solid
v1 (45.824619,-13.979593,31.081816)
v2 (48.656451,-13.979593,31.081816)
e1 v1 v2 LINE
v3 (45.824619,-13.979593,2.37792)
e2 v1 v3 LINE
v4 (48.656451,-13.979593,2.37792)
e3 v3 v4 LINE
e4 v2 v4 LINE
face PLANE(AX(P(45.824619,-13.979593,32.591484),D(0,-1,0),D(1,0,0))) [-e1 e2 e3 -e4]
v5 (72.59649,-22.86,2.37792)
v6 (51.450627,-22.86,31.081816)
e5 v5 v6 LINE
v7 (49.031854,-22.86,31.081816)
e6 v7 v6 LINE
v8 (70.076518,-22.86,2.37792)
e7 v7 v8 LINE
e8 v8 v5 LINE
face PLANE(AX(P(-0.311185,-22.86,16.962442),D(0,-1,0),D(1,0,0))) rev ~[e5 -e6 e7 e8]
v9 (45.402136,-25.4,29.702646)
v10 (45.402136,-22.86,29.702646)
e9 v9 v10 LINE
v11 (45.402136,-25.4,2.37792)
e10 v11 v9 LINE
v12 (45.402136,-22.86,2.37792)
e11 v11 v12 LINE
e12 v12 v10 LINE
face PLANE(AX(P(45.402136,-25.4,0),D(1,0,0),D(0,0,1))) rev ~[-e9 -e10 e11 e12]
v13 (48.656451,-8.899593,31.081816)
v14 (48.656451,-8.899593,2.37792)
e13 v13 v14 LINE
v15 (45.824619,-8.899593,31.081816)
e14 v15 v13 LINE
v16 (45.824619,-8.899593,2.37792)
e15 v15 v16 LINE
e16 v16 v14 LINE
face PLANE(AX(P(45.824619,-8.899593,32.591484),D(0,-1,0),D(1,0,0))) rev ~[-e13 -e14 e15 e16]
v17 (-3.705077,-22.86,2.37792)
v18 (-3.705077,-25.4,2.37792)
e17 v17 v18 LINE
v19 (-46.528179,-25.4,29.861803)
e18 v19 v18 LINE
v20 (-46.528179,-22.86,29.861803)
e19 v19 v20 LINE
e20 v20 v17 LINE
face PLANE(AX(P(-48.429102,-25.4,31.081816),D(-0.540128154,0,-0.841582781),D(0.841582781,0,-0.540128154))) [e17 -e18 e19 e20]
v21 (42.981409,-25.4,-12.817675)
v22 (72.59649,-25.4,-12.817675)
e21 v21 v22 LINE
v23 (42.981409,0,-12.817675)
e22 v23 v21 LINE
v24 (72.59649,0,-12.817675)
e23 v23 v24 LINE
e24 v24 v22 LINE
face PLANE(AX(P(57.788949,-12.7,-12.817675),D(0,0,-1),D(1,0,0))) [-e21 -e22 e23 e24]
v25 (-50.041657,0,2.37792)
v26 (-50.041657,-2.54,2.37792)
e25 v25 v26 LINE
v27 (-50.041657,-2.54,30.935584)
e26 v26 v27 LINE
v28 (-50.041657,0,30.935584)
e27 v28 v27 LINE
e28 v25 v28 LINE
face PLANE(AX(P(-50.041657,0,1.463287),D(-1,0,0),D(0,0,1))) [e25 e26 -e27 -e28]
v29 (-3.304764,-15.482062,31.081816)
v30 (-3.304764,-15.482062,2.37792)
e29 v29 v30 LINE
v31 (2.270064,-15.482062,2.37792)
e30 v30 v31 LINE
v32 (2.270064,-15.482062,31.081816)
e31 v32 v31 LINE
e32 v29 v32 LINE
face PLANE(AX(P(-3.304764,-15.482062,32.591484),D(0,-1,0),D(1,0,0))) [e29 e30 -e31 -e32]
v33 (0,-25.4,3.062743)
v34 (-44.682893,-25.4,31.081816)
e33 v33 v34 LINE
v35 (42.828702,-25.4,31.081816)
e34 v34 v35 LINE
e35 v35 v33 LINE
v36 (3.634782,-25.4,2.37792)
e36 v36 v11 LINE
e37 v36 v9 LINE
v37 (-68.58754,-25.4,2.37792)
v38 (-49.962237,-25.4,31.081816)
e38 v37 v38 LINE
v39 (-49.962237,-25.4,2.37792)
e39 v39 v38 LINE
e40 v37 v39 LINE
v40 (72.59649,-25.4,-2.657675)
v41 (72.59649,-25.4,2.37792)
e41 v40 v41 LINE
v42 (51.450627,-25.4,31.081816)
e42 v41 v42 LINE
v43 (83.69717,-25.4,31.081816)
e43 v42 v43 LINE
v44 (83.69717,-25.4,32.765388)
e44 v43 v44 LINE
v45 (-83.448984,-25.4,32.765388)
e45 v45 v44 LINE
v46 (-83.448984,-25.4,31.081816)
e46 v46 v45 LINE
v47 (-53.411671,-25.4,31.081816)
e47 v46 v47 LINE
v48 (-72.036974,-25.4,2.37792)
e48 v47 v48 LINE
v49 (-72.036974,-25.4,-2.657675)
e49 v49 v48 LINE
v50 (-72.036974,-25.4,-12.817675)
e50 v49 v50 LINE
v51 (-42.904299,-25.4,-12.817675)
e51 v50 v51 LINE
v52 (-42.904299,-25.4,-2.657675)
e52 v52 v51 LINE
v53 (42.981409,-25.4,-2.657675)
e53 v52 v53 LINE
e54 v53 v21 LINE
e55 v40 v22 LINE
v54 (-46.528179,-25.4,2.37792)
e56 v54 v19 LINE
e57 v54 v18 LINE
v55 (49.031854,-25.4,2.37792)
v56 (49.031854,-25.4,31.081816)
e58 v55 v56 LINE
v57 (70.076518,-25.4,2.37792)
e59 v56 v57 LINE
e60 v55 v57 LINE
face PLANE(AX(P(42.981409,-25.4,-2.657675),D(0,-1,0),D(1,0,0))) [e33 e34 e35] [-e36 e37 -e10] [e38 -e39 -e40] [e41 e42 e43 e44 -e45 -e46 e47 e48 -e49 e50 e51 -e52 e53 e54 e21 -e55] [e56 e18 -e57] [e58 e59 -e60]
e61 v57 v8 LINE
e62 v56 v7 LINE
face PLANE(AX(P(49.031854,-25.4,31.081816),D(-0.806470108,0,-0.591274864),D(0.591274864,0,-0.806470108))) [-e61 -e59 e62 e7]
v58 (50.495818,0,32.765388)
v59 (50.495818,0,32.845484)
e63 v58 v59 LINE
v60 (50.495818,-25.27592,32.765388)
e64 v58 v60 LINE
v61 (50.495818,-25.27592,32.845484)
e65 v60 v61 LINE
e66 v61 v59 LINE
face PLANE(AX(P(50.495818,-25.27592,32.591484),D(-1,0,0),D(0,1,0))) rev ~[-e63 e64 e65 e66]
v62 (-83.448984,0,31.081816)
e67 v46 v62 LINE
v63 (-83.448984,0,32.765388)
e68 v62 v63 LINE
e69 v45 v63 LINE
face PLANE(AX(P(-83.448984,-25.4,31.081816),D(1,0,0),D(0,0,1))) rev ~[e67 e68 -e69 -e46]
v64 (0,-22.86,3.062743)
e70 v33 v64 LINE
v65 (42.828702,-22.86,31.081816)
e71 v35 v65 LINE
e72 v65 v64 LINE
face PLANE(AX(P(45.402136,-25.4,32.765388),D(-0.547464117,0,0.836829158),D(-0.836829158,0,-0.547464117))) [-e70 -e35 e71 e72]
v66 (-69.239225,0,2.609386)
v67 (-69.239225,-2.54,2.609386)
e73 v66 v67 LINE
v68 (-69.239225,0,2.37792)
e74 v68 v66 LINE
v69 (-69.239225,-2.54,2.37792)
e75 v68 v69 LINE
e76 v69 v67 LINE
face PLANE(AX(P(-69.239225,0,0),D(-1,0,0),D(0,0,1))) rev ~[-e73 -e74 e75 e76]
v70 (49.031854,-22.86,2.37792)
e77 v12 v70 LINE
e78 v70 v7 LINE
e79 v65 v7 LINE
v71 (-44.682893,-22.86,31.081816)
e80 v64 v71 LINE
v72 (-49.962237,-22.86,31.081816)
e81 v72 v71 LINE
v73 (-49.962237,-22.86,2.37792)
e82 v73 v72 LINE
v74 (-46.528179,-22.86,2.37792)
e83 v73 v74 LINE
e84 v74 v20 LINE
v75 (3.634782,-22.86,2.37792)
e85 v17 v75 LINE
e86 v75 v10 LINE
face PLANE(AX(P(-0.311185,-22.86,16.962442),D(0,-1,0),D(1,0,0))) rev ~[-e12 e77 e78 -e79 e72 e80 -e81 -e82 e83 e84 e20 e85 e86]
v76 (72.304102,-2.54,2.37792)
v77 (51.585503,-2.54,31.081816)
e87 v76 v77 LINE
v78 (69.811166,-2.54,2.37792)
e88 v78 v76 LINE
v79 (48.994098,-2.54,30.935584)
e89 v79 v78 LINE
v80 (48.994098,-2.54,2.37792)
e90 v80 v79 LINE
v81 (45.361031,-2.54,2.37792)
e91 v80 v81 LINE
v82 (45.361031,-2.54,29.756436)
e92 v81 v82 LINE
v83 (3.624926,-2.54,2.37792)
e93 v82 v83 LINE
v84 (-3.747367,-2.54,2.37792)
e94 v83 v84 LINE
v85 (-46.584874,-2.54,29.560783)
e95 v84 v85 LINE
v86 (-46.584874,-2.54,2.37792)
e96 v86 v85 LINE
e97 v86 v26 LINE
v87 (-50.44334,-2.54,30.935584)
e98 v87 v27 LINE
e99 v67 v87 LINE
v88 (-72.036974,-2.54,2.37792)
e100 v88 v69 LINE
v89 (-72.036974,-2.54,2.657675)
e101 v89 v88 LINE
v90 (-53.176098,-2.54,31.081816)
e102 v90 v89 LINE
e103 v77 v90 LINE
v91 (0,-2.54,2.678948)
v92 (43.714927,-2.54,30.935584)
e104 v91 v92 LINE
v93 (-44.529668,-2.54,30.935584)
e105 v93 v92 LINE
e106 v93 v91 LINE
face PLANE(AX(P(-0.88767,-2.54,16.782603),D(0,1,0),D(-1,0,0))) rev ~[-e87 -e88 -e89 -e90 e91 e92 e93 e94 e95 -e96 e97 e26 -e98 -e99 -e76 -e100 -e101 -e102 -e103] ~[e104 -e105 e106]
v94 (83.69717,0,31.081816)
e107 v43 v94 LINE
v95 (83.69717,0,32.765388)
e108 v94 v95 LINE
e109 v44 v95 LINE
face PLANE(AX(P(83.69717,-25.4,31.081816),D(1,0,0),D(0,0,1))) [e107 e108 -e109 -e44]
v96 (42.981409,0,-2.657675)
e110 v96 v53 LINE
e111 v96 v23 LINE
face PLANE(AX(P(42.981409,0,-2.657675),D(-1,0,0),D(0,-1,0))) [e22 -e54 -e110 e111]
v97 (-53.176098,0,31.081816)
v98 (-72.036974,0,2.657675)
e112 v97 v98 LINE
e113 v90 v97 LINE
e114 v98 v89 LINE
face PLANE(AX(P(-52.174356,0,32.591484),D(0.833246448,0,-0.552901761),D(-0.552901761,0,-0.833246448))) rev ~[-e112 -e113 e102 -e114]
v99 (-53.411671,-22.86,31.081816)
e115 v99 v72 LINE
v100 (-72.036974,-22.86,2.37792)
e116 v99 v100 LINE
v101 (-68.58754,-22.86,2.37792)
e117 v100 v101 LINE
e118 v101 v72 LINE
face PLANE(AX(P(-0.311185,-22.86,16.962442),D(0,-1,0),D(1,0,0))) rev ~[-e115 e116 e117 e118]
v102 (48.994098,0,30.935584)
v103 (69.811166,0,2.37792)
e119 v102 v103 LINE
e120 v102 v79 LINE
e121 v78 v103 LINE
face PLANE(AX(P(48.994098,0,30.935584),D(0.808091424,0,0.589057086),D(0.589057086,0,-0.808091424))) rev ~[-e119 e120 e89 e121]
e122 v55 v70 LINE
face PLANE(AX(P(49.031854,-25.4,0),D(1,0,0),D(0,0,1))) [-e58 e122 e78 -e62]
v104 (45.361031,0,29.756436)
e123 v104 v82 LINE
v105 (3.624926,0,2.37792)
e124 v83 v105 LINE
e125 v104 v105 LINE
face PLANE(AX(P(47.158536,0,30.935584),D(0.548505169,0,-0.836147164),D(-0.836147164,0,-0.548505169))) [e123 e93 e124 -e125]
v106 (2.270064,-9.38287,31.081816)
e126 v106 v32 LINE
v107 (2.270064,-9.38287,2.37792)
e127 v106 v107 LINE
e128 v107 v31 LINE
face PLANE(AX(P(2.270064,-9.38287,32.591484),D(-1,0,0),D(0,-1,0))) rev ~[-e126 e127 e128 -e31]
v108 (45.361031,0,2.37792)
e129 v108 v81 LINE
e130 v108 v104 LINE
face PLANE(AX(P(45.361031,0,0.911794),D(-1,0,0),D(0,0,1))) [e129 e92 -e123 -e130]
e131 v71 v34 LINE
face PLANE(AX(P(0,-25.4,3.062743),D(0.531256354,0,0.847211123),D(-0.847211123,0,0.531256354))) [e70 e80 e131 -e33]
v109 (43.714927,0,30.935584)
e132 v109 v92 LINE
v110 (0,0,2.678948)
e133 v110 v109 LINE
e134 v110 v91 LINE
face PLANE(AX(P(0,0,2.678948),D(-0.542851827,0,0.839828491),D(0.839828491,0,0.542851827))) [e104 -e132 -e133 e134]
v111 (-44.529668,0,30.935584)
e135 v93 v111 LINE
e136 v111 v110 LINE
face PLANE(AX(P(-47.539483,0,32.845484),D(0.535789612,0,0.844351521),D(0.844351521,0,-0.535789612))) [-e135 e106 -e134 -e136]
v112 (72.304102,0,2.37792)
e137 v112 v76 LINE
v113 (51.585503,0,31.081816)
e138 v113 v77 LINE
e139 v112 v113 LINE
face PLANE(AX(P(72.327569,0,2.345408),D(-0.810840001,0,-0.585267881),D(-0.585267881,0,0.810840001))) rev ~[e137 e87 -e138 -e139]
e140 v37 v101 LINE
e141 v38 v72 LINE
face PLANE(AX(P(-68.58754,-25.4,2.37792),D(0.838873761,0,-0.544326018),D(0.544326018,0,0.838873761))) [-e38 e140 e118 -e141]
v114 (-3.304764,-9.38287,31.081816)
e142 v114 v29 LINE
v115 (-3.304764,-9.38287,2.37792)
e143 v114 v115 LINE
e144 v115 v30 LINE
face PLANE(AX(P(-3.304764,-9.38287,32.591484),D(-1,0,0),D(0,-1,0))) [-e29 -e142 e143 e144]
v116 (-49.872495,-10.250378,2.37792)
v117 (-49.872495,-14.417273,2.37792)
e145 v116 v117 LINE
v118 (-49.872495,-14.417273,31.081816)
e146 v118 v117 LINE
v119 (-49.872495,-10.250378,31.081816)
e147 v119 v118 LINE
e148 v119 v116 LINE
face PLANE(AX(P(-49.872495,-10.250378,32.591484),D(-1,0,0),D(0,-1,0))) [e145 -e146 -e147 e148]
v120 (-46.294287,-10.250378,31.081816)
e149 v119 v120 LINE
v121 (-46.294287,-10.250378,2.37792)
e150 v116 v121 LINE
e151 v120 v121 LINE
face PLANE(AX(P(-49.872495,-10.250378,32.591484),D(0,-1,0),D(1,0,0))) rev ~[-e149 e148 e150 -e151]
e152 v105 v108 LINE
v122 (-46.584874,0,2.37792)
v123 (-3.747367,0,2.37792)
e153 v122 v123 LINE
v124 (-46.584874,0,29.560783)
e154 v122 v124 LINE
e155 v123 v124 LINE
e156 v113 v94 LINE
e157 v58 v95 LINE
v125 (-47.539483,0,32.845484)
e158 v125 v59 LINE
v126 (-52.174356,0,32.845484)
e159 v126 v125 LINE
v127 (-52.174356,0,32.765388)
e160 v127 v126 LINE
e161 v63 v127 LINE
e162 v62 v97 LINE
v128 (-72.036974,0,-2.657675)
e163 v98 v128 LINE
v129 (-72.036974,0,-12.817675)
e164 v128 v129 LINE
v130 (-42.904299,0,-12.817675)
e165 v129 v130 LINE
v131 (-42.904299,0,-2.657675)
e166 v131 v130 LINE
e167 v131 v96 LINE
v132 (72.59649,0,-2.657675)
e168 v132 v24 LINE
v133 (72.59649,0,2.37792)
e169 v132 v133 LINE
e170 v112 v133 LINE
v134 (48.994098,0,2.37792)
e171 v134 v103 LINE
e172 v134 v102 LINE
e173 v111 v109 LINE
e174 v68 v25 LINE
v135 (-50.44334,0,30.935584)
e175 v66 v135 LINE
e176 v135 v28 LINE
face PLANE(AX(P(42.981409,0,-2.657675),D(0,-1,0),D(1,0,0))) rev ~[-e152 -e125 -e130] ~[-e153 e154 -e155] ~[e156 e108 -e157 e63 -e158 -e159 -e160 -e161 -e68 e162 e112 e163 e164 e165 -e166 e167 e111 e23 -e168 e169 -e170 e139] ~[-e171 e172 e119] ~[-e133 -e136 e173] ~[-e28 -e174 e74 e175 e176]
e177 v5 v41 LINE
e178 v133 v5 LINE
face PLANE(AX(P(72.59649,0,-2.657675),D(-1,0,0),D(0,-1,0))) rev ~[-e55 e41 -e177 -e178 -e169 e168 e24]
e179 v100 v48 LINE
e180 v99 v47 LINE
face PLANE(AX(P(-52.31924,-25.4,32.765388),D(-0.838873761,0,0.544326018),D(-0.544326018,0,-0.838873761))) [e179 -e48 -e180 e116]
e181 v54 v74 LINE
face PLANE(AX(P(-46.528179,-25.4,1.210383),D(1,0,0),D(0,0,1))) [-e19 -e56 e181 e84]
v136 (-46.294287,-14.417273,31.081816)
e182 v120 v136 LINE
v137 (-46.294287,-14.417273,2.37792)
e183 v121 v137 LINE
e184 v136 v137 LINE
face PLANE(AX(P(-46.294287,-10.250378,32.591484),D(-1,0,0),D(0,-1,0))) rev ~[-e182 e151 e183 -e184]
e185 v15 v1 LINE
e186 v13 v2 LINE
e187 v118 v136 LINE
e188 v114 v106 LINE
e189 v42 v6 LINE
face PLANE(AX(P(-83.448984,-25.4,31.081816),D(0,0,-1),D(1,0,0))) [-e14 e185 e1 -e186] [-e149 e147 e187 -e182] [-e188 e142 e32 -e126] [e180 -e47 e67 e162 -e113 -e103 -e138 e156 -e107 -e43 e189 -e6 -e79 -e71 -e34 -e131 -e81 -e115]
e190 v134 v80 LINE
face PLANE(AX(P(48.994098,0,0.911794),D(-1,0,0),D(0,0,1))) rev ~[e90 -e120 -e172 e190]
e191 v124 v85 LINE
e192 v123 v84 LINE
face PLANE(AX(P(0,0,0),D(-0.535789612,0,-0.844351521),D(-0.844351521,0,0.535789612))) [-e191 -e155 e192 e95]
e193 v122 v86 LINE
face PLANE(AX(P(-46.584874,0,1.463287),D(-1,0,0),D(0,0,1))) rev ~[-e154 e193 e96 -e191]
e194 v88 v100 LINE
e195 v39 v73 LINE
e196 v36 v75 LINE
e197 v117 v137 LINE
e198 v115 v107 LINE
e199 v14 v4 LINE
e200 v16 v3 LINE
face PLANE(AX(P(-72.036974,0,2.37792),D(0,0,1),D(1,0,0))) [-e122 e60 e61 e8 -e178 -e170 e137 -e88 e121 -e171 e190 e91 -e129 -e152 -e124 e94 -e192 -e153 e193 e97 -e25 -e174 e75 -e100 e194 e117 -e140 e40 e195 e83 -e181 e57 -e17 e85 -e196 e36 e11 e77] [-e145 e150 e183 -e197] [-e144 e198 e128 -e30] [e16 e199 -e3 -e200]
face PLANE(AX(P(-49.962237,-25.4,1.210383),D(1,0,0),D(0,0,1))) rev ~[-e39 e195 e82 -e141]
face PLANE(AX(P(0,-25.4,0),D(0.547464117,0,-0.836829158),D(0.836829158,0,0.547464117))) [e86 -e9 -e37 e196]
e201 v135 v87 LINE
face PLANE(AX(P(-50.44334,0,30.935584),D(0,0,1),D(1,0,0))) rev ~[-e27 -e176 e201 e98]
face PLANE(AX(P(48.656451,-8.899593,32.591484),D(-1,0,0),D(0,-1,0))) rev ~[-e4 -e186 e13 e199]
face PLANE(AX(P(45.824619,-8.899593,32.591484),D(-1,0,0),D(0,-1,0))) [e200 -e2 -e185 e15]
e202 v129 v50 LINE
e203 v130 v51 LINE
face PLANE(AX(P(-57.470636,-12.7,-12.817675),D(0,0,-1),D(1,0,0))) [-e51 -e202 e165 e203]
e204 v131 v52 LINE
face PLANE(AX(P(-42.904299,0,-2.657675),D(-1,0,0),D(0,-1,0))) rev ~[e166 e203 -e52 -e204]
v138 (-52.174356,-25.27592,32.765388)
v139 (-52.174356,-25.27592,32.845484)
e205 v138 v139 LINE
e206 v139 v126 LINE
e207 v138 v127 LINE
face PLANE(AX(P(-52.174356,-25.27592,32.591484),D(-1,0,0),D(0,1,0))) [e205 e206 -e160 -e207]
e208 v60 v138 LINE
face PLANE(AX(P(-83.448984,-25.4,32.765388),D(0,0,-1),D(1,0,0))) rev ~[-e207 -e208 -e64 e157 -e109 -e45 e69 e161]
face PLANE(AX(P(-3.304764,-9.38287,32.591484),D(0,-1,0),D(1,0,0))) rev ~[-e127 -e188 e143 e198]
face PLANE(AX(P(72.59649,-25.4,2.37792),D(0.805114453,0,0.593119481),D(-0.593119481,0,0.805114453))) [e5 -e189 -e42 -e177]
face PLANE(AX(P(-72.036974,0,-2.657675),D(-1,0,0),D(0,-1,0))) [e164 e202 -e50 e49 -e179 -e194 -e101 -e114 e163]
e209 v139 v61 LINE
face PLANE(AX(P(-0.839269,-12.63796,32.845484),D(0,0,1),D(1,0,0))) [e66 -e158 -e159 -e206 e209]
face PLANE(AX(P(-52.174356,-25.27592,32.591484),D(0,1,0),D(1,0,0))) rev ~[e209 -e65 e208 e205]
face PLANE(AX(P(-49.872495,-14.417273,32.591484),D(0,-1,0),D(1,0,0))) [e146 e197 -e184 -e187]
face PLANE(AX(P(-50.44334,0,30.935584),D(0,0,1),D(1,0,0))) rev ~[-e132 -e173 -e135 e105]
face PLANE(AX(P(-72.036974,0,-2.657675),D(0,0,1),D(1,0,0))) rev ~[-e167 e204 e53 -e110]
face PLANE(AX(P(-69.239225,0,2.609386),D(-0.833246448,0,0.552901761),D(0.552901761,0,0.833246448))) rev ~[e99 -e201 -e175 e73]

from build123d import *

# Parameters (mm, degrees)
F0_W      = 144.6334645152
F0_H      = 5.0355943386
F1_DEPTH  = 25.4
F3_DEPTH  = 2.54
F5_DEPTH  = 2.54
F6_W      = 102.6701740921
F6_H      = 25.2759195864
F7_DEPTH  = 0.254
F8_W      = 3.4340582788
F8_H      = 30.7748552877
F9_DEPTH  = 2.54
F10_W     = 3.6297179759
F10_H     = 32.1495756507
F11_DEPTH = 2.54
F12_W     = 3.6330670118
F12_H     = 30.970800959
F13_DEPTH = 2.54
F14_W     = 3.4567825496
F14_H     = 30.4196920479
F15_DEPTH = 2.54
F17_DEPTH = 2.54
F19_DEPTH = 2.54
F20_W     = 5.5748282466
F20_H     = 6.0991924256
F21_DEPTH = 33.02
F22_W     = 3.5782083869
F22_H     = 4.1668945923
F23_DEPTH = 33.02
F24_W     = 2.8318321891
F24_H     = 5.08
F25_DEPTH = 33.02
F26_W     = 167.146153748
F26_H     = 1.6835723072
F27_DEPTH = 25.4
F28_W     = 29.1326753795
F28_H     = 25.4
F29_DEPTH = 10.16
F30_W     = 29.6150818467
F30_H     = 25.4
F31_DEPTH = 10.16


with BuildPart() as f1:
    # F0 (on Front) → F1 (new body)
    with BuildSketch(Plane.XZ):
        with Locations((0.2797581255, -0.1398775494)):
            Rectangle(F0_W, F0_H)
    extrude(amount=F1_DEPTH)

    # F2 (on Front) → F3 (join)
    with BuildSketch(Plane.XZ):
        Polygon((-72.0369741321, 2.6576747186), (-72.0369741321, 0), (-69.2392249852, 0), (-69.2392249852, 2.6093864363), (-50.4433400929, 30.9355836362), (48.9940978587, 30.9355836362), (69.989785552, 2.1328825969), (69.989785552, 0), (72.3275691271, 0), (72.3275691271, 2.345408313), (50.4958182573, 32.5914844871), (-52.1743558347, 32.5914844871), align=None)
    extrude(amount=F3_DEPTH)

    # F4 (on face) → F5 (join)
    with BuildSketch(Plane.XZ.offset(25.4)):
        Polygon((-72.0369741321, 2.3779196199), (-72.0369741321, -0.1398775494), (-68.5875401776, 0), (-68.5875401776, 2.3779196199), (-49.9622374773, 31.0818161815), (49.0318536758, 31.0818161815), (70.0765177608, 2.3779196199), (70.0765177608, 0), (72.5964903831, 0), (72.5964903831, 2.3779196199), (50.2103567123, 32.7653884888), (-52.319239825, 32.7653884888), align=None)
    extrude(amount=-F5_DEPTH)

    # F6 (on face) → F7 (join)
    with BuildSketch(Plane.XY.offset(32.5914844871)):
        with Locations((-0.8392687887, -12.6379597932)):
            Rectangle(F6_W, F6_H)
    extrude(amount=F7_DEPTH)

    # F8 (on face) → F9 (join)
    with BuildSketch(Plane.XZ.offset(25.4)):
        with Locations((-48.2452083379, 16.5978105506)):
            Rectangle(F8_W, F8_H)
    extrude(amount=-F9_DEPTH)

    # F10 (on face) → F11 (join)
    with BuildSketch(Plane.XZ.offset(25.4)):
        with Locations((47.2169946879, 16.0747878253)):
            Rectangle(F10_W, F10_H)
    extrude(amount=-F11_DEPTH)

    # F12 (on face) → F13 (join)
    with BuildSketch(Plane(origin=(0, 0, 0), x_dir=(-1, 0, 0), z_dir=(0, 1, 0))):
        with Locations((-47.1775643528, 16.3971947914)):
            Rectangle(F12_W, F12_H)
    extrude(amount=-F13_DEPTH)

    # F14 (on face) → F15 (join)
    with BuildSketch(Plane(origin=(0, 0, 0), x_dir=(-1, 0, 0), z_dir=(0, 1, 0))):
        with Locations((48.3132656664, 16.6731329518)):
            Rectangle(F14_W, F14_H)
    extrude(amount=-F15_DEPTH)

    # F16 (on face) → F17 (join)
    with BuildSketch(Plane(origin=(0, 0, 0), x_dir=(-1, 0, 0), z_dir=(0, 1, 0))):
        Polygon((-45.3610308468, 31.9995991886), (-47.1585355699, 30.9355836362), (0, 0), (48.751424998, 30.9355836362), (47.5394830392, 32.8454844871), (0, 2.678947742), align=None)
    extrude(amount=-F17_DEPTH)

    # F18 (on face) → F19 (join)
    with BuildSketch(Plane.XZ.offset(25.4)):
        Polygon((-46.5281791985, 32.2389304638), (-48.4291017056, 31.0818161815), (0, 0), (47.5102737546, 31.0818161815), (45.4021357, 32.7653884888), (0, 3.0627426281), align=None)
    extrude(amount=-F19_DEPTH)

    # F20 (on face) → F21 (join)
    with BuildSketch(Plane(origin=(0, 0, 32.5914844871), x_dir=(1, 0, 0), z_dir=(0, 0, -1))):
        with Locations((-0.5173498066, 12.4324662611)):
            Rectangle(F20_W, F20_H)
    extrude(amount=F21_DEPTH)

    # F22 (on face) → F23 (join)
    with BuildSketch(Plane(origin=(0, 0, 32.5914844871), x_dir=(1, 0, 0), z_dir=(0, 0, -1))):
        with Locations((-48.0833910406, 12.3338256963)):
            Rectangle(F22_W, F22_H)
    extrude(amount=F23_DEPTH)

    # F24 (on face) → F25 (join)
    with BuildSketch(Plane(origin=(0, 0, 32.5914844871), x_dir=(1, 0, 0), z_dir=(0, 0, -1))):
        with Locations((47.2405347973, 11.4395930432)):
            Rectangle(F24_W, F24_H)
    extrude(amount=F25_DEPTH)

    # F26 (on face) → F27 (join)
    with BuildSketch(Plane.XZ.offset(25.4)):
        with Locations((0.1240931451, 31.9236023352)):
            Rectangle(F26_W, F26_H)
    extrude(amount=-F27_DEPTH)

    # F28 (on face) → F29 (join)
    with BuildSketch(Plane(origin=(0, 0, -2.6576747186), x_dir=(1, 0, 0), z_dir=(0, 0, -1))):
        with Locations((-57.4706364423, 12.7)):
            Rectangle(F28_W, F28_H)
    extrude(amount=F29_DEPTH)

    # F30 (on face) → F31 (join)
    with BuildSketch(Plane(origin=(0, 0, -2.6576747186), x_dir=(1, 0, 0), z_dir=(0, 0, -1))):
        with Locations((57.7889494598, 12.7)):
            Rectangle(F30_W, F30_H)
    extrude(amount=F31_DEPTH)


solid = f1.part
